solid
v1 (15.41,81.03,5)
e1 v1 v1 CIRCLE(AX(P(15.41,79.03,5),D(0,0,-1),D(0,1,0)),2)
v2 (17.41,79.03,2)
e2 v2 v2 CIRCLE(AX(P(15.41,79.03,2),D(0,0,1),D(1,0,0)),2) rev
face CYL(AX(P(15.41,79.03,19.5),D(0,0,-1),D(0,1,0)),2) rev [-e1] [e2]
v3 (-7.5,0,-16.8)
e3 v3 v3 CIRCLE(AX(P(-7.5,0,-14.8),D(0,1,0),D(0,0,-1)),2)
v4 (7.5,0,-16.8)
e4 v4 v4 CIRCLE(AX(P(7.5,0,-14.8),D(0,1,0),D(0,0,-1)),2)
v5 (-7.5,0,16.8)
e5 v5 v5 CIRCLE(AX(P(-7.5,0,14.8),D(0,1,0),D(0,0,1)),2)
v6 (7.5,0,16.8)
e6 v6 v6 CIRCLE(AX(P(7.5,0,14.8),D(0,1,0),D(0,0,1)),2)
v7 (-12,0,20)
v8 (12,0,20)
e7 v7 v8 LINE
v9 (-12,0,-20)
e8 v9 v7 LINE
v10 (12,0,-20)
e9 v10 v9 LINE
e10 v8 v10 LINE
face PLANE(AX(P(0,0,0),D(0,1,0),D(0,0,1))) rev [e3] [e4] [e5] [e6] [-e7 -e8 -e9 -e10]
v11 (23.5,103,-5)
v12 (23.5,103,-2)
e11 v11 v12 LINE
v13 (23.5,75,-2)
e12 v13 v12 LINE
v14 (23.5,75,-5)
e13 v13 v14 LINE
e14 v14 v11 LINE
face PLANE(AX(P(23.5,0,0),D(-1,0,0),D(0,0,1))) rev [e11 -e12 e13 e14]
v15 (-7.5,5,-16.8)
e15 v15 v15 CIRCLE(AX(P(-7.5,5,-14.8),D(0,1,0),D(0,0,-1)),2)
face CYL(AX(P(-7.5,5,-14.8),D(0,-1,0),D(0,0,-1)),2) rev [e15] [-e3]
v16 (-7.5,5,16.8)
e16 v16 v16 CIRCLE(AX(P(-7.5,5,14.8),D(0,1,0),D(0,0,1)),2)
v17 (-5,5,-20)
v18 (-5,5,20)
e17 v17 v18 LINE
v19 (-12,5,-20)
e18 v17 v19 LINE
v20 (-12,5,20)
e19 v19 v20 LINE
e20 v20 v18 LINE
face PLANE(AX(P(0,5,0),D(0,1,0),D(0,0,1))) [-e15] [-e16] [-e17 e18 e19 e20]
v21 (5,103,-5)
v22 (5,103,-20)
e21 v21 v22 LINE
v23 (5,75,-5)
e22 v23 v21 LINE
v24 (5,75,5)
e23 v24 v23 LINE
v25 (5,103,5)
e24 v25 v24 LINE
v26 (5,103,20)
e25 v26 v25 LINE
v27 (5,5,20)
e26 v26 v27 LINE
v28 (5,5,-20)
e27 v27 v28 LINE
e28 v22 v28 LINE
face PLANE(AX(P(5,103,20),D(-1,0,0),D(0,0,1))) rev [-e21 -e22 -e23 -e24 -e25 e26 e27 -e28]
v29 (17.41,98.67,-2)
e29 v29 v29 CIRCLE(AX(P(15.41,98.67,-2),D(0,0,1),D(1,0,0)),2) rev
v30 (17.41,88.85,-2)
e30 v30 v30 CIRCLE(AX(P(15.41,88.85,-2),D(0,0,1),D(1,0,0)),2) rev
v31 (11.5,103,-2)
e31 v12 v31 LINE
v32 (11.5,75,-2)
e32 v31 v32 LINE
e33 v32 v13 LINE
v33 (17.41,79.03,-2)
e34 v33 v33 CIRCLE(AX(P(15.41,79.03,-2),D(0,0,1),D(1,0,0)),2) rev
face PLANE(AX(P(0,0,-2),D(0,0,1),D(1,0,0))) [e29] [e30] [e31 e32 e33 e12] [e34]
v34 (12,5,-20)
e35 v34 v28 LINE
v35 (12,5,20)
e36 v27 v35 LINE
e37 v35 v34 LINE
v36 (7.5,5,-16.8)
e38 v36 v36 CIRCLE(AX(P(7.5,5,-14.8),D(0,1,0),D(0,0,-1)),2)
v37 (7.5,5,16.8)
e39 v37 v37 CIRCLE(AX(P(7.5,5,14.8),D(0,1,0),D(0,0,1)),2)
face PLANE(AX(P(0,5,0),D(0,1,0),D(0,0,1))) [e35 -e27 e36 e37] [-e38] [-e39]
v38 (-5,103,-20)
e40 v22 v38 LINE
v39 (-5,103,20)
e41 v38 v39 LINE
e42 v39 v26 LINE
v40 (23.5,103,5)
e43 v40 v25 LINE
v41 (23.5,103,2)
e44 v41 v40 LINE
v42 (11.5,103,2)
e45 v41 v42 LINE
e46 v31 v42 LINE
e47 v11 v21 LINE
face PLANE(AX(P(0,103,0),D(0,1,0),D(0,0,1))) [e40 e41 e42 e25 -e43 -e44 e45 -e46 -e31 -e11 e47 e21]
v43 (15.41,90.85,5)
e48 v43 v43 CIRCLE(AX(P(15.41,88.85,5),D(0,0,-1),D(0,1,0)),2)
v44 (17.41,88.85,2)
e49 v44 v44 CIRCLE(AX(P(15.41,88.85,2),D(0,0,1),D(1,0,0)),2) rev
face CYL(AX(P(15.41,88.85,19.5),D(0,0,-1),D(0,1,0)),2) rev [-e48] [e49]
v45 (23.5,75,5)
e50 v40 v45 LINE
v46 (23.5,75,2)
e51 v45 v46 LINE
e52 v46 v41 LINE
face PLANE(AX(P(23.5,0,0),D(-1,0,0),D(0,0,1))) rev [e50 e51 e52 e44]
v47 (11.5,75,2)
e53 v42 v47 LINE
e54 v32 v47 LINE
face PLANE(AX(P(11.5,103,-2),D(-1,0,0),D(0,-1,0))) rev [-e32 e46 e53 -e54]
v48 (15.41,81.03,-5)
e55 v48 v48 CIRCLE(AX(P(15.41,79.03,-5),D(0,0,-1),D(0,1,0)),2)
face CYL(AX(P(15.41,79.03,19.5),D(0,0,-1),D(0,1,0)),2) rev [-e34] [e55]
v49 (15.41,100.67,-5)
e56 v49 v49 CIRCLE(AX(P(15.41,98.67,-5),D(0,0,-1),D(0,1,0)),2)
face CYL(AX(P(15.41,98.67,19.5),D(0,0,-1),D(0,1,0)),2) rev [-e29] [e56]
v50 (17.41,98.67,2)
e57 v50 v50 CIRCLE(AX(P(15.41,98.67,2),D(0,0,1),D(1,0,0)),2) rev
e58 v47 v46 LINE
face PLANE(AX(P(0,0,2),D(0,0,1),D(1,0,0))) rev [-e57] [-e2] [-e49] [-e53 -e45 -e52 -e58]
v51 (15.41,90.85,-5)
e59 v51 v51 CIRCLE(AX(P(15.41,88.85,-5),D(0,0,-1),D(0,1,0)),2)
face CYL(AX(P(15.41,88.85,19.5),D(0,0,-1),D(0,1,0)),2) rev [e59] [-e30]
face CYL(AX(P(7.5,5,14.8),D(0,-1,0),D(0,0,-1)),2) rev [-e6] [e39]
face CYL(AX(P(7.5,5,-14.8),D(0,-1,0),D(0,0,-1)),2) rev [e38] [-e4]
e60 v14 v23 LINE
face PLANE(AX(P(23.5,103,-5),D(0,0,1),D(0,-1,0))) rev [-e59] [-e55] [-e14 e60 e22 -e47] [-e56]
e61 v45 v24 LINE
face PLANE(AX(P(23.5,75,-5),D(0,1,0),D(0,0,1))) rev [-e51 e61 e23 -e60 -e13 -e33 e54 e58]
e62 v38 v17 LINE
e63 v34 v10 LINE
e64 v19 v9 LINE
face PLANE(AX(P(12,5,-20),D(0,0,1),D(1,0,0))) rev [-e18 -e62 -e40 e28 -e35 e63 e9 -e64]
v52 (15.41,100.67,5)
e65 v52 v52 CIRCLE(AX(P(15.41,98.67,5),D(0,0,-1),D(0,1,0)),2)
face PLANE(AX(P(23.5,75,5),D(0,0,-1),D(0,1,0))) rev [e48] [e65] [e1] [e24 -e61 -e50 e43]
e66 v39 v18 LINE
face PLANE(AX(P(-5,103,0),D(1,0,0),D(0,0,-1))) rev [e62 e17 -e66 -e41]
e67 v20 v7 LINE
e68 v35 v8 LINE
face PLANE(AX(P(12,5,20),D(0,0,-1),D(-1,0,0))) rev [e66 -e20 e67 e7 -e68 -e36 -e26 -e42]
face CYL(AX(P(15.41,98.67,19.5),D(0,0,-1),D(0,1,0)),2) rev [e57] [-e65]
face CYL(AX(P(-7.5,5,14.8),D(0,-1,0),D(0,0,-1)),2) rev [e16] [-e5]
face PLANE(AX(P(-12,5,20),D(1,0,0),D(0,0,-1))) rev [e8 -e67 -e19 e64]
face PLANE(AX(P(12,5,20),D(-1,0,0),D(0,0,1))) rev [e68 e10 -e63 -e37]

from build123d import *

# Parameters (mm, degrees)
SKETCH_1_W          = 24
SKETCH_1_H          = 40
SKETCH_1_R          = 2
EXTRUDE_1_DEPTH     = 5
EXTRUDE_5_DEPTH     = 98
SKETCH_10_W         = 10
SKETCH_10_H         = 28
EXTRUDE_6_DEPTH     = 18.5
SKETCH_12_R         = 2
CUT_EXTRUDE_4_DEPTH = 24.5
SKETCH_13_W         = 12
SKETCH_13_H         = 28
CUT_EXTRUDE_5_DEPTH = 2


with BuildPart() as part:
    # 草图1 → 凸台-拉伸1 (new body)
    with BuildSketch(Plane(origin=(0, 0, 0), x_dir=(1, 0, 0), z_dir=(0, 1, 0))):
        Rectangle(SKETCH_1_W, SKETCH_1_H)
        with Locations((7.5, -14.8)):
            Circle(SKETCH_1_R, mode=Mode.SUBTRACT)
        with Locations((-7.5, -14.8)):
            Circle(SKETCH_1_R, mode=Mode.SUBTRACT)
        with Locations((-7.5, 14.8)):
            Circle(SKETCH_1_R, mode=Mode.SUBTRACT)
        with Locations((7.5, 14.8)):
            Circle(SKETCH_1_R, mode=Mode.SUBTRACT)
    extrude(amount=EXTRUDE_1_DEPTH)

    # 草图8 → 凸台-拉伸5 (add)
    with BuildSketch(Plane(origin=(0, 5, 0), x_dir=(1, 0, 0), z_dir=(0, 1, 0))):
        Polygon((-5, 0), (-5, -20), (5, -20), (5, 20), (-5, 20), align=None)
    extrude(amount=EXTRUDE_5_DEPTH)

    # 草图10 → 凸台-拉伸6 (add)
    with BuildSketch(Plane(origin=(5, 0, 0), x_dir=(0, 0, -1), z_dir=(1, 0, 0))):
        with Locations((0, 89)):
            Rectangle(SKETCH_10_W, SKETCH_10_H)
    extrude(amount=EXTRUDE_6_DEPTH)

    # 草图12 → 切除-拉伸4 (cut)
    with BuildSketch(Plane(origin=(0, 0, -5), x_dir=(-1, 0, 0), z_dir=(0, 0, -1))):
        with Locations((-15.41, 98.67)):
            Circle(SKETCH_12_R)
        with Locations((-15.41, 88.85)):
            Circle(SKETCH_12_R)
        with Locations((-15.41, 79.03)):
            Circle(SKETCH_12_R)
    extrude(amount=-CUT_EXTRUDE_4_DEPTH, mode=Mode.SUBTRACT)

    # 草图13 → 切除-拉伸5 (cut, symmetric)
    with BuildSketch(Plane.XY):
        with Locations((17.5, 89)):
            Rectangle(SKETCH_13_W, SKETCH_13_H)
    extrude(amount=CUT_EXTRUDE_5_DEPTH, both=True, mode=Mode.SUBTRACT)


solid = part.part
